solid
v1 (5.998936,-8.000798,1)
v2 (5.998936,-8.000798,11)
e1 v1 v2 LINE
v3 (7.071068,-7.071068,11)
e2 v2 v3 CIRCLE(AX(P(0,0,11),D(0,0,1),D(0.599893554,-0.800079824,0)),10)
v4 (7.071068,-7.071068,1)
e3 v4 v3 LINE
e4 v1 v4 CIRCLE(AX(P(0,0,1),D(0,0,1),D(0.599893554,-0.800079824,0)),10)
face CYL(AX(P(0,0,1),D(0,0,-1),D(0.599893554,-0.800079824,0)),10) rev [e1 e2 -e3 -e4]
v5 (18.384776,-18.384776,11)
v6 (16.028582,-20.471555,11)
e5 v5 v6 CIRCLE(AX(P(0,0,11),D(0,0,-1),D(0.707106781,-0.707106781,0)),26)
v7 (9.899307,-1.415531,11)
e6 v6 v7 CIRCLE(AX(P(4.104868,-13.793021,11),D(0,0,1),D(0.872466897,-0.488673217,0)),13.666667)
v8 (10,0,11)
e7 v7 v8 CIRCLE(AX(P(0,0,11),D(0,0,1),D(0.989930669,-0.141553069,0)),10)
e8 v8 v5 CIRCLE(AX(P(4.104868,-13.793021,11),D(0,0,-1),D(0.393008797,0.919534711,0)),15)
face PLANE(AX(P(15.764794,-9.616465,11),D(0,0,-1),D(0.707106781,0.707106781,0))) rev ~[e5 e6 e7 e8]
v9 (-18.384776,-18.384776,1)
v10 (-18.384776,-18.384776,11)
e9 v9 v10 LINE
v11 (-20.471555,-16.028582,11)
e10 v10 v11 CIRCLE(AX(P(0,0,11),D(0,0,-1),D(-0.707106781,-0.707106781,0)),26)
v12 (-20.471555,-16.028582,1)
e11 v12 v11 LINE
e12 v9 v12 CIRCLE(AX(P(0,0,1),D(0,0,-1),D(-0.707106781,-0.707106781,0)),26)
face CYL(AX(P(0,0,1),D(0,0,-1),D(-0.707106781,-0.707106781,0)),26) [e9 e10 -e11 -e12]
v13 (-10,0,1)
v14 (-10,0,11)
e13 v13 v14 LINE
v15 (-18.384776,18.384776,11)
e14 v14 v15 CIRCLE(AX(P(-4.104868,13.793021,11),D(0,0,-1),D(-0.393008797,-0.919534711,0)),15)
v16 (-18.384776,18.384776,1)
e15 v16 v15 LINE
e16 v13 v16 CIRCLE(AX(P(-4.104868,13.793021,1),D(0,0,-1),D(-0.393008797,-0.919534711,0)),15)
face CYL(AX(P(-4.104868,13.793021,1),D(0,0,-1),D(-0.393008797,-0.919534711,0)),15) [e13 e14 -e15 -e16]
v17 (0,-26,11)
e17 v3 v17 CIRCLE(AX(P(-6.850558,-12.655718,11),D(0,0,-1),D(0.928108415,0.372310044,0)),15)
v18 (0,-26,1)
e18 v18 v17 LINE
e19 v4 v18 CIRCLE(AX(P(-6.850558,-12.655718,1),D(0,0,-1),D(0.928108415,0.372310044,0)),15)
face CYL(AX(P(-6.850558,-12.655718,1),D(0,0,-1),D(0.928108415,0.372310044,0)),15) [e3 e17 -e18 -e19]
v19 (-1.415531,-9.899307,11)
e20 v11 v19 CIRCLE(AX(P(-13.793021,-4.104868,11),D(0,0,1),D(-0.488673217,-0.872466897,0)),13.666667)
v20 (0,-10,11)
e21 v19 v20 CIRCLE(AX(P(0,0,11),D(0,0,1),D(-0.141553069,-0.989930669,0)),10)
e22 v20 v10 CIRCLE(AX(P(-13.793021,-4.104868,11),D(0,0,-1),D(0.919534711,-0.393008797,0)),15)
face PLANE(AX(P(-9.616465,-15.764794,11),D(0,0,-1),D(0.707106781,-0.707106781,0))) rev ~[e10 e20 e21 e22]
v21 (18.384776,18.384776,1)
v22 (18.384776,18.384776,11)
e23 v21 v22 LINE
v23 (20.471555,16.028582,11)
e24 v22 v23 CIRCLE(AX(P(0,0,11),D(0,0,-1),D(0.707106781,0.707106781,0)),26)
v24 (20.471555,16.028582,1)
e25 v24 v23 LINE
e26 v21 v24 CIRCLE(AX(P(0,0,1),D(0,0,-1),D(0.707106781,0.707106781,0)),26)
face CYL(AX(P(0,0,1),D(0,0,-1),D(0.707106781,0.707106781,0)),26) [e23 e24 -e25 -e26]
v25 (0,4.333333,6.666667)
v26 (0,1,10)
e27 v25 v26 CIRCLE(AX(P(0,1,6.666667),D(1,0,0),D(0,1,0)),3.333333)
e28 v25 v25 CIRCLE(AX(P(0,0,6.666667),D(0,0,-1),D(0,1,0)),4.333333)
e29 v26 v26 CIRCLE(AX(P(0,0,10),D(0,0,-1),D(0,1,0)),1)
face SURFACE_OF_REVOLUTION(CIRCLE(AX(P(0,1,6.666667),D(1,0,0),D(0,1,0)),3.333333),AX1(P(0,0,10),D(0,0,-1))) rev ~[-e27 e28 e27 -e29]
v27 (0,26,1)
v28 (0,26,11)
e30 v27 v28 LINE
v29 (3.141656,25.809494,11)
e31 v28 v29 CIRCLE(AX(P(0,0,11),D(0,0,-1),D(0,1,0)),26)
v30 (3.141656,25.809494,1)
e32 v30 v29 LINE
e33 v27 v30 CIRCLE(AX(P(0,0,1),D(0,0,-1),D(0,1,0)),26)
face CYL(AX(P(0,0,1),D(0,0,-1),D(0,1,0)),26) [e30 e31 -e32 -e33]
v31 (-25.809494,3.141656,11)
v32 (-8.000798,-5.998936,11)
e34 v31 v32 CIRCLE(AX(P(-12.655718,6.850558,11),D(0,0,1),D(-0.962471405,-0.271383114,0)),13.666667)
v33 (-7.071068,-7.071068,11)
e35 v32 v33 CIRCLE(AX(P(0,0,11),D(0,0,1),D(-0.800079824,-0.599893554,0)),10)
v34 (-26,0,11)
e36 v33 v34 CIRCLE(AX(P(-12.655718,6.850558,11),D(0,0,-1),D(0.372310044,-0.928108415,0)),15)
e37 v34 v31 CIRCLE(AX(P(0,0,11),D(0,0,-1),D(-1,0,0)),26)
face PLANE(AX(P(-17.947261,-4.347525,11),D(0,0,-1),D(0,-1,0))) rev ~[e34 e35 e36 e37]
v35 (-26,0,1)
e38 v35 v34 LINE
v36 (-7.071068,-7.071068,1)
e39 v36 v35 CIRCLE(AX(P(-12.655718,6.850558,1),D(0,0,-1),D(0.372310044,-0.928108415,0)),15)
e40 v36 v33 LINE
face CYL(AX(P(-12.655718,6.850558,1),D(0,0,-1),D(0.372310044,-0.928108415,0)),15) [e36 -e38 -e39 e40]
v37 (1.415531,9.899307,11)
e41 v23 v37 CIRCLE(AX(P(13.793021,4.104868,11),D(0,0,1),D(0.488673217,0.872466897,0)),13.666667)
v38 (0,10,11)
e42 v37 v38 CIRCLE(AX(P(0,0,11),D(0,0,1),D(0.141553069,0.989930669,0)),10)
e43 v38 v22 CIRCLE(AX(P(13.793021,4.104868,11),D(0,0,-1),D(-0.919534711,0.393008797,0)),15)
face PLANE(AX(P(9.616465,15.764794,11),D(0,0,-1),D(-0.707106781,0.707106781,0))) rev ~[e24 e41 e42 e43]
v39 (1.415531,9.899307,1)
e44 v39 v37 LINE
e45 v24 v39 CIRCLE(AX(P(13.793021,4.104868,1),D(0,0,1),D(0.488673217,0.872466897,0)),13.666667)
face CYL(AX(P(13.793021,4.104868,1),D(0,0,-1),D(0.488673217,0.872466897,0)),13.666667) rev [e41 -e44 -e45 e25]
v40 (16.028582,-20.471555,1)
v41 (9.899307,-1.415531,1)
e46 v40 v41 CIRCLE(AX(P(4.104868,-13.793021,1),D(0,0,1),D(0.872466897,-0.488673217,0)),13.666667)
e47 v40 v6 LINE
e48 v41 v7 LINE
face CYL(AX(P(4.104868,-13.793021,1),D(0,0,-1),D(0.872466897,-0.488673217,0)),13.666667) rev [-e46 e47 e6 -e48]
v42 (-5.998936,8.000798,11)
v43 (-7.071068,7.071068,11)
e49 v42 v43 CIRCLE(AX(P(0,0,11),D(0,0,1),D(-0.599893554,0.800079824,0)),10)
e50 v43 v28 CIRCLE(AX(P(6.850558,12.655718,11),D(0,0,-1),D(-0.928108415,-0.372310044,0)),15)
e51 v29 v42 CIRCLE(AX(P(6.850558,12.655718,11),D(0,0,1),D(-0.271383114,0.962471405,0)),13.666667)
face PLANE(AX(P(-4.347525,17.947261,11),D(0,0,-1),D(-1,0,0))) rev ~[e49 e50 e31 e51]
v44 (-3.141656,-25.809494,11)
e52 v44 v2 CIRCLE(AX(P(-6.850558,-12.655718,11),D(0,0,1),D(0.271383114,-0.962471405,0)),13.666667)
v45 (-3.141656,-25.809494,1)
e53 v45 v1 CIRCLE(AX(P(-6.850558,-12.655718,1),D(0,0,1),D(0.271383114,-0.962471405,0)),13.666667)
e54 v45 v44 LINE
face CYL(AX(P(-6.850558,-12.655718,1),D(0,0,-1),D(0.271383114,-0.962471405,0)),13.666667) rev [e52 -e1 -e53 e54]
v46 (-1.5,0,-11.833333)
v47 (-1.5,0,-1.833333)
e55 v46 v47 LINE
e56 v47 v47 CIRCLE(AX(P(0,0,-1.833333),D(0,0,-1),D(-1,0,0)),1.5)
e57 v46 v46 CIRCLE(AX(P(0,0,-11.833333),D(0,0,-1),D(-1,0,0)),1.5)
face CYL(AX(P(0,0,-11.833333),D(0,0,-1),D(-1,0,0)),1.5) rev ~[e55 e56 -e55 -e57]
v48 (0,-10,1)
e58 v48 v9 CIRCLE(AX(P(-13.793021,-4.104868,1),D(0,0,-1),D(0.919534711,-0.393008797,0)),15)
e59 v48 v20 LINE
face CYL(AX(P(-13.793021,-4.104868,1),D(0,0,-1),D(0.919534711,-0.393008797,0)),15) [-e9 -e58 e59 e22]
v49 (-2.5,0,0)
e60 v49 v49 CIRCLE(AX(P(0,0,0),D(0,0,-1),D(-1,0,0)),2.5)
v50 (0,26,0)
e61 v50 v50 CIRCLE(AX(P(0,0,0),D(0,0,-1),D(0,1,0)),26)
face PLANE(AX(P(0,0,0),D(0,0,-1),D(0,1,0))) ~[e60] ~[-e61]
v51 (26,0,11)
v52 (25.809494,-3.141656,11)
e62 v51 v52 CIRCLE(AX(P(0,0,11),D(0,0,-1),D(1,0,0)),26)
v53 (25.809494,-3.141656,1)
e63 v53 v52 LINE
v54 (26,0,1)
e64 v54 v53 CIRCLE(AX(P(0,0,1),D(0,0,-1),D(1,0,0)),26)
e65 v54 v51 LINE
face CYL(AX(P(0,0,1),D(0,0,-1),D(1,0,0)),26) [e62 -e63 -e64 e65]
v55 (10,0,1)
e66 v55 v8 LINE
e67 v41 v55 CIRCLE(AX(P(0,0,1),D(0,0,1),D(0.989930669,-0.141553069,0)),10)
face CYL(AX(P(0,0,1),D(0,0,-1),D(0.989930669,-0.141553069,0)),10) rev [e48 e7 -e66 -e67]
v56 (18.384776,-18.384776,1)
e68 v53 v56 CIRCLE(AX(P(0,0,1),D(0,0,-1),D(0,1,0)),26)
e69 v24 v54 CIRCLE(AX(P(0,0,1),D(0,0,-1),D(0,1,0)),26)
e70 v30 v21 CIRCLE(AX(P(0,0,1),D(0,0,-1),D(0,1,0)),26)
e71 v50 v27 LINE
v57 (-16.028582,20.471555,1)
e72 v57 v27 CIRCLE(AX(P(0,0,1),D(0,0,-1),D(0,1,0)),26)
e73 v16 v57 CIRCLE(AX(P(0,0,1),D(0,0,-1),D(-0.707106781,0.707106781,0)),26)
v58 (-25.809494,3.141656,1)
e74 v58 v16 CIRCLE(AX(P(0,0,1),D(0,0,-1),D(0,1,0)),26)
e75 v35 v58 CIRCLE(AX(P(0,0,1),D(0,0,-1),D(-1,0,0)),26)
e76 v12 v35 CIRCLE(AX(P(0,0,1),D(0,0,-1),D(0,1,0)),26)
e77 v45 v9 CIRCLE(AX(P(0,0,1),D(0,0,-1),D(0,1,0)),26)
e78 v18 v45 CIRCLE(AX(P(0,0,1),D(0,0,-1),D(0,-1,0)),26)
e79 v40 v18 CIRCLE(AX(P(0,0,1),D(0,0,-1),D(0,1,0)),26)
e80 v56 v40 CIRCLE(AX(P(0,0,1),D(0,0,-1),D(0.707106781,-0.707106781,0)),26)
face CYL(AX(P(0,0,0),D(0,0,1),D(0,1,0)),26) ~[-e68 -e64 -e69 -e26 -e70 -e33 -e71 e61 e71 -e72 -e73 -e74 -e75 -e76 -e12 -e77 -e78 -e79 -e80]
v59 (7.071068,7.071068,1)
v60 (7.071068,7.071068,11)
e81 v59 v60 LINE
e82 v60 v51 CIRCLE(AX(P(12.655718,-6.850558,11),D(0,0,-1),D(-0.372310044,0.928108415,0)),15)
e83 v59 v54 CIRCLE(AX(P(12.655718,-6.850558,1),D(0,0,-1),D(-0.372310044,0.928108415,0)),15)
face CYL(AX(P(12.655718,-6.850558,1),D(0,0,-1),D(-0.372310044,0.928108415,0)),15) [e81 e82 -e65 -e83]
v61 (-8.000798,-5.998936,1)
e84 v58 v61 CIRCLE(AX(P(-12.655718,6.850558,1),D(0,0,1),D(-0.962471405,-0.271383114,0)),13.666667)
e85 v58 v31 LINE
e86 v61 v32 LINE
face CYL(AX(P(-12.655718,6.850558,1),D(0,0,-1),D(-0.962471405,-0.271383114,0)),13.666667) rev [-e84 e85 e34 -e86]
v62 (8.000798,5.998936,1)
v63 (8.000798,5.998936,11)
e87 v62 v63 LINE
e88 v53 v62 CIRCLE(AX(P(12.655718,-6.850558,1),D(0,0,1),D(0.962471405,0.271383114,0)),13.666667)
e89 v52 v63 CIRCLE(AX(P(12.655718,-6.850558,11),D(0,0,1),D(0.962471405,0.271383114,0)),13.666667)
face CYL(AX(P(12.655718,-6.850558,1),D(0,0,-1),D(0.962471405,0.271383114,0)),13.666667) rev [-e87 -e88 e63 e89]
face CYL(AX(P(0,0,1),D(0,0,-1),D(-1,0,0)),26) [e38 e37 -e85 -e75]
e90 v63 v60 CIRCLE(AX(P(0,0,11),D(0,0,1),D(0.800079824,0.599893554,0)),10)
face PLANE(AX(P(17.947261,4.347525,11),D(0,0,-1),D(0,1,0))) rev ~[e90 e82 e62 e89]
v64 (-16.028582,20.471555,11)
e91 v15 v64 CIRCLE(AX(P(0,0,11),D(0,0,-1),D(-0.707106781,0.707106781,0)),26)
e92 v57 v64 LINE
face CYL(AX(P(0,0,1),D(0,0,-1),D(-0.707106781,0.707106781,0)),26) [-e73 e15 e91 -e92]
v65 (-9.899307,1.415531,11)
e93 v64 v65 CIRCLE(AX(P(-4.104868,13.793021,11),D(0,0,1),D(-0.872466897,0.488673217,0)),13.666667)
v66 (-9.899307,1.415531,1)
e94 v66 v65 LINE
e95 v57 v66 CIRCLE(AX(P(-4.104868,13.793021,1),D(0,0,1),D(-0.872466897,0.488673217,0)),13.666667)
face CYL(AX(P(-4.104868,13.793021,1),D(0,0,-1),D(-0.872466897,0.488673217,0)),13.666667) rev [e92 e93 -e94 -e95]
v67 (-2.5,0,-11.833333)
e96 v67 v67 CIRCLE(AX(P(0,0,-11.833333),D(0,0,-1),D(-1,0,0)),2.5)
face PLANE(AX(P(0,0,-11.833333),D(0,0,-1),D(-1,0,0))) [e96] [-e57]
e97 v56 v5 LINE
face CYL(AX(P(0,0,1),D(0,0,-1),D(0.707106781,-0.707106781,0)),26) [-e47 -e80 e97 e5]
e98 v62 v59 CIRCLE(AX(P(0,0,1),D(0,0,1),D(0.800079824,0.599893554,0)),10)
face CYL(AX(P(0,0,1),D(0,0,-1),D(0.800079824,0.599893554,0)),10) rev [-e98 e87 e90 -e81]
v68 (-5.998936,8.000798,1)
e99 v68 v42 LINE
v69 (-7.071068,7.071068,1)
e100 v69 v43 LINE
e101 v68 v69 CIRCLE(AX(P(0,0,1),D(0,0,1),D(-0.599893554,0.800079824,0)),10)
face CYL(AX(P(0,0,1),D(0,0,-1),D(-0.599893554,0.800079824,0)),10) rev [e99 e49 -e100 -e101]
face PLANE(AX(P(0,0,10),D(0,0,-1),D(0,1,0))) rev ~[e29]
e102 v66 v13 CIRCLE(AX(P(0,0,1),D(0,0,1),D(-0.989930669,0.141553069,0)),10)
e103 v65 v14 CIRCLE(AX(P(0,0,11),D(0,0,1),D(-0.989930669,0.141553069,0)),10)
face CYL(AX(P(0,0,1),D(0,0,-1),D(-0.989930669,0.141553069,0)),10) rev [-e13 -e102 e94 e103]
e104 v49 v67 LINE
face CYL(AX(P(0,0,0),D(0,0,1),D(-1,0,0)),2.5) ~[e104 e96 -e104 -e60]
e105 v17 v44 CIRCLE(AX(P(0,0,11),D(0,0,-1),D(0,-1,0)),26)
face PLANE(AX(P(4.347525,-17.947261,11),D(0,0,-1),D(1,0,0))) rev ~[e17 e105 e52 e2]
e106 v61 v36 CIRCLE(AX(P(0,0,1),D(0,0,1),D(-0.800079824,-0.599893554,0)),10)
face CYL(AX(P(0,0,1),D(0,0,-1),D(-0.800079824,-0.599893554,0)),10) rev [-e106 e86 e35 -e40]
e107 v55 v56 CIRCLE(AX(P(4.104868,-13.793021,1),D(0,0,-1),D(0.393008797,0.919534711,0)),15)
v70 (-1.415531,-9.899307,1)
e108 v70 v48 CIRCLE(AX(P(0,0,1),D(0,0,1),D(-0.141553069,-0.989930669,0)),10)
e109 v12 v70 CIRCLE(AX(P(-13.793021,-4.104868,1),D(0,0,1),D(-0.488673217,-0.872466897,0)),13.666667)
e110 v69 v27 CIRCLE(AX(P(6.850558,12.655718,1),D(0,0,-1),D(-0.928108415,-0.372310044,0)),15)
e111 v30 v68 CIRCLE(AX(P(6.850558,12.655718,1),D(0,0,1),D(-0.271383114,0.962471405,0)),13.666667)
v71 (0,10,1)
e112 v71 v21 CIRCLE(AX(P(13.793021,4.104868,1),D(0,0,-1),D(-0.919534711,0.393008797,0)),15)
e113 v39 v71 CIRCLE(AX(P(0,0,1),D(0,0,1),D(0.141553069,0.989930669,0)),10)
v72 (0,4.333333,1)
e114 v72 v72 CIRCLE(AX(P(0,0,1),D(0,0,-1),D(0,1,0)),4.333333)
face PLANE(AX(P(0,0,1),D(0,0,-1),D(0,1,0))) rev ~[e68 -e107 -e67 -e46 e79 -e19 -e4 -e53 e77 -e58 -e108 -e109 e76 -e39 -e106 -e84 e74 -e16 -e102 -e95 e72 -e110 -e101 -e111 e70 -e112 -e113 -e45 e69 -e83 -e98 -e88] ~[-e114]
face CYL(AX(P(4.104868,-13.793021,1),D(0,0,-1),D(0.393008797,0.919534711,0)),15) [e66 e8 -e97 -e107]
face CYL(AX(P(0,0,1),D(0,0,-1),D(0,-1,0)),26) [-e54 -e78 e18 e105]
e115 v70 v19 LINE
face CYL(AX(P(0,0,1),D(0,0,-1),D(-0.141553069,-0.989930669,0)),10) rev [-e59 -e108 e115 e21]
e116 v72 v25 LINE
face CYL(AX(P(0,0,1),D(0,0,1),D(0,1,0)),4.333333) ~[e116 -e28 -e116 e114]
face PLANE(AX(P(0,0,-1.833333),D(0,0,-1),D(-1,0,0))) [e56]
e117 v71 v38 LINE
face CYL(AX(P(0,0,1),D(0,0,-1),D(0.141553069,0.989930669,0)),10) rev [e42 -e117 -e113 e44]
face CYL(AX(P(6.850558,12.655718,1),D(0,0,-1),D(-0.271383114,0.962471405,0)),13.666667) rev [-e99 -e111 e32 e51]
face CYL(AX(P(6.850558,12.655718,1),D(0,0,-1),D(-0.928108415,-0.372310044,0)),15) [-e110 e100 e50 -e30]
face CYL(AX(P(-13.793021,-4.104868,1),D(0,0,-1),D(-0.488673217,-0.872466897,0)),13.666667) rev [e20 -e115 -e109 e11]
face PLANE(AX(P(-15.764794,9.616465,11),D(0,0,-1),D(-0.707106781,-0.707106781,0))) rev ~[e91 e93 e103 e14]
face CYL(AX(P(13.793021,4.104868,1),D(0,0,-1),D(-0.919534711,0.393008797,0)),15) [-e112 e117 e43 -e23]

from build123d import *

# Parameters (mm, degrees)
BOSS_EXTRUDE1_DEPTH = 10
CIRPATTERN1_COUNT   = 8
SKETCH4_R           = 2.5
BOSS_EXTRUDE2_DEPTH = 11.83333333
SKETCH5_R           = 1.5
CUT_EXTRUDE1_DEPTH  = 10


with BuildPart() as part:
    # Sketch1 → Revolve2 (revolve)
    with BuildSketch(Plane(origin=(0, 0, 0), x_dir=(0, 0, -1), z_dir=(1, 0, 0))):
        with BuildLine():
            Line((0, 0), (0, 26))
            Line((0, 26), (-1, 26))
            Line((-1, 26), (-1, 4.333333333))
            Line((-1, 4.333333333), (-6.666666667, 4.333333333))
            ThreePointArc((-6.666666667, 4.333333333), (-9.023689271, 3.357022604), (-10, 1))
            Line((-10, 1), (-10, 0))
            Line((-10, 0), (0, 0))
        make_face()
    revolve(axis=Axis((0, 0, 10), (0, 0, -1)))

    # Sketch3 → Boss-Extrude1 (add)
    with BuildSketch(Plane.XY.offset(1)):
        with BuildLine():
            ThreePointArc((-5.998935548, 8.000798228), (-6.551514834, 7.554975406), (-7.071067812, 7.071067812))
            ThreePointArc((-7.071067812, 7.071067812), (-7.201026268, 17.904810567), (0, 26))
            ThreePointArc((0, 26), (1.573713281, 25.952329886), (3.141655863, 25.809494347))
            ThreePointArc((3.141655863, 25.809494347), (-5.308082056, 18.896330591), (-5.998935548, 8.000798228))
        make_face()
    boss_extrude1 = extrude(amount=BOSS_EXTRUDE1_DEPTH)

    # CirPattern1: Boss-Extrude1 ×8 about axis
    cirpattern1_axis = Axis((0, 0, 0), (0, 0, 1))
    for i in range(1, CIRPATTERN1_COUNT):
        add(boss_extrude1.rotate(cirpattern1_axis, i * 360 / CIRPATTERN1_COUNT))

    # Sketch4 → Boss-Extrude2 (add)
    with BuildSketch(Plane(origin=(0, 0, 0), x_dir=(-1, 0, 0), z_dir=(0, 0, -1))):
        Circle(SKETCH4_R)
    extrude(amount=BOSS_EXTRUDE2_DEPTH)

    # Sketch5 → Cut-Extrude1 (cut)
    with BuildSketch(Plane(origin=(0, 0, -11.83333333), x_dir=(-1, 0, 0), z_dir=(0, 0, -1))):
        Circle(SKETCH5_R)
    extrude(amount=-CUT_EXTRUDE1_DEPTH, mode=Mode.SUBTRACT)


solid = part.part
